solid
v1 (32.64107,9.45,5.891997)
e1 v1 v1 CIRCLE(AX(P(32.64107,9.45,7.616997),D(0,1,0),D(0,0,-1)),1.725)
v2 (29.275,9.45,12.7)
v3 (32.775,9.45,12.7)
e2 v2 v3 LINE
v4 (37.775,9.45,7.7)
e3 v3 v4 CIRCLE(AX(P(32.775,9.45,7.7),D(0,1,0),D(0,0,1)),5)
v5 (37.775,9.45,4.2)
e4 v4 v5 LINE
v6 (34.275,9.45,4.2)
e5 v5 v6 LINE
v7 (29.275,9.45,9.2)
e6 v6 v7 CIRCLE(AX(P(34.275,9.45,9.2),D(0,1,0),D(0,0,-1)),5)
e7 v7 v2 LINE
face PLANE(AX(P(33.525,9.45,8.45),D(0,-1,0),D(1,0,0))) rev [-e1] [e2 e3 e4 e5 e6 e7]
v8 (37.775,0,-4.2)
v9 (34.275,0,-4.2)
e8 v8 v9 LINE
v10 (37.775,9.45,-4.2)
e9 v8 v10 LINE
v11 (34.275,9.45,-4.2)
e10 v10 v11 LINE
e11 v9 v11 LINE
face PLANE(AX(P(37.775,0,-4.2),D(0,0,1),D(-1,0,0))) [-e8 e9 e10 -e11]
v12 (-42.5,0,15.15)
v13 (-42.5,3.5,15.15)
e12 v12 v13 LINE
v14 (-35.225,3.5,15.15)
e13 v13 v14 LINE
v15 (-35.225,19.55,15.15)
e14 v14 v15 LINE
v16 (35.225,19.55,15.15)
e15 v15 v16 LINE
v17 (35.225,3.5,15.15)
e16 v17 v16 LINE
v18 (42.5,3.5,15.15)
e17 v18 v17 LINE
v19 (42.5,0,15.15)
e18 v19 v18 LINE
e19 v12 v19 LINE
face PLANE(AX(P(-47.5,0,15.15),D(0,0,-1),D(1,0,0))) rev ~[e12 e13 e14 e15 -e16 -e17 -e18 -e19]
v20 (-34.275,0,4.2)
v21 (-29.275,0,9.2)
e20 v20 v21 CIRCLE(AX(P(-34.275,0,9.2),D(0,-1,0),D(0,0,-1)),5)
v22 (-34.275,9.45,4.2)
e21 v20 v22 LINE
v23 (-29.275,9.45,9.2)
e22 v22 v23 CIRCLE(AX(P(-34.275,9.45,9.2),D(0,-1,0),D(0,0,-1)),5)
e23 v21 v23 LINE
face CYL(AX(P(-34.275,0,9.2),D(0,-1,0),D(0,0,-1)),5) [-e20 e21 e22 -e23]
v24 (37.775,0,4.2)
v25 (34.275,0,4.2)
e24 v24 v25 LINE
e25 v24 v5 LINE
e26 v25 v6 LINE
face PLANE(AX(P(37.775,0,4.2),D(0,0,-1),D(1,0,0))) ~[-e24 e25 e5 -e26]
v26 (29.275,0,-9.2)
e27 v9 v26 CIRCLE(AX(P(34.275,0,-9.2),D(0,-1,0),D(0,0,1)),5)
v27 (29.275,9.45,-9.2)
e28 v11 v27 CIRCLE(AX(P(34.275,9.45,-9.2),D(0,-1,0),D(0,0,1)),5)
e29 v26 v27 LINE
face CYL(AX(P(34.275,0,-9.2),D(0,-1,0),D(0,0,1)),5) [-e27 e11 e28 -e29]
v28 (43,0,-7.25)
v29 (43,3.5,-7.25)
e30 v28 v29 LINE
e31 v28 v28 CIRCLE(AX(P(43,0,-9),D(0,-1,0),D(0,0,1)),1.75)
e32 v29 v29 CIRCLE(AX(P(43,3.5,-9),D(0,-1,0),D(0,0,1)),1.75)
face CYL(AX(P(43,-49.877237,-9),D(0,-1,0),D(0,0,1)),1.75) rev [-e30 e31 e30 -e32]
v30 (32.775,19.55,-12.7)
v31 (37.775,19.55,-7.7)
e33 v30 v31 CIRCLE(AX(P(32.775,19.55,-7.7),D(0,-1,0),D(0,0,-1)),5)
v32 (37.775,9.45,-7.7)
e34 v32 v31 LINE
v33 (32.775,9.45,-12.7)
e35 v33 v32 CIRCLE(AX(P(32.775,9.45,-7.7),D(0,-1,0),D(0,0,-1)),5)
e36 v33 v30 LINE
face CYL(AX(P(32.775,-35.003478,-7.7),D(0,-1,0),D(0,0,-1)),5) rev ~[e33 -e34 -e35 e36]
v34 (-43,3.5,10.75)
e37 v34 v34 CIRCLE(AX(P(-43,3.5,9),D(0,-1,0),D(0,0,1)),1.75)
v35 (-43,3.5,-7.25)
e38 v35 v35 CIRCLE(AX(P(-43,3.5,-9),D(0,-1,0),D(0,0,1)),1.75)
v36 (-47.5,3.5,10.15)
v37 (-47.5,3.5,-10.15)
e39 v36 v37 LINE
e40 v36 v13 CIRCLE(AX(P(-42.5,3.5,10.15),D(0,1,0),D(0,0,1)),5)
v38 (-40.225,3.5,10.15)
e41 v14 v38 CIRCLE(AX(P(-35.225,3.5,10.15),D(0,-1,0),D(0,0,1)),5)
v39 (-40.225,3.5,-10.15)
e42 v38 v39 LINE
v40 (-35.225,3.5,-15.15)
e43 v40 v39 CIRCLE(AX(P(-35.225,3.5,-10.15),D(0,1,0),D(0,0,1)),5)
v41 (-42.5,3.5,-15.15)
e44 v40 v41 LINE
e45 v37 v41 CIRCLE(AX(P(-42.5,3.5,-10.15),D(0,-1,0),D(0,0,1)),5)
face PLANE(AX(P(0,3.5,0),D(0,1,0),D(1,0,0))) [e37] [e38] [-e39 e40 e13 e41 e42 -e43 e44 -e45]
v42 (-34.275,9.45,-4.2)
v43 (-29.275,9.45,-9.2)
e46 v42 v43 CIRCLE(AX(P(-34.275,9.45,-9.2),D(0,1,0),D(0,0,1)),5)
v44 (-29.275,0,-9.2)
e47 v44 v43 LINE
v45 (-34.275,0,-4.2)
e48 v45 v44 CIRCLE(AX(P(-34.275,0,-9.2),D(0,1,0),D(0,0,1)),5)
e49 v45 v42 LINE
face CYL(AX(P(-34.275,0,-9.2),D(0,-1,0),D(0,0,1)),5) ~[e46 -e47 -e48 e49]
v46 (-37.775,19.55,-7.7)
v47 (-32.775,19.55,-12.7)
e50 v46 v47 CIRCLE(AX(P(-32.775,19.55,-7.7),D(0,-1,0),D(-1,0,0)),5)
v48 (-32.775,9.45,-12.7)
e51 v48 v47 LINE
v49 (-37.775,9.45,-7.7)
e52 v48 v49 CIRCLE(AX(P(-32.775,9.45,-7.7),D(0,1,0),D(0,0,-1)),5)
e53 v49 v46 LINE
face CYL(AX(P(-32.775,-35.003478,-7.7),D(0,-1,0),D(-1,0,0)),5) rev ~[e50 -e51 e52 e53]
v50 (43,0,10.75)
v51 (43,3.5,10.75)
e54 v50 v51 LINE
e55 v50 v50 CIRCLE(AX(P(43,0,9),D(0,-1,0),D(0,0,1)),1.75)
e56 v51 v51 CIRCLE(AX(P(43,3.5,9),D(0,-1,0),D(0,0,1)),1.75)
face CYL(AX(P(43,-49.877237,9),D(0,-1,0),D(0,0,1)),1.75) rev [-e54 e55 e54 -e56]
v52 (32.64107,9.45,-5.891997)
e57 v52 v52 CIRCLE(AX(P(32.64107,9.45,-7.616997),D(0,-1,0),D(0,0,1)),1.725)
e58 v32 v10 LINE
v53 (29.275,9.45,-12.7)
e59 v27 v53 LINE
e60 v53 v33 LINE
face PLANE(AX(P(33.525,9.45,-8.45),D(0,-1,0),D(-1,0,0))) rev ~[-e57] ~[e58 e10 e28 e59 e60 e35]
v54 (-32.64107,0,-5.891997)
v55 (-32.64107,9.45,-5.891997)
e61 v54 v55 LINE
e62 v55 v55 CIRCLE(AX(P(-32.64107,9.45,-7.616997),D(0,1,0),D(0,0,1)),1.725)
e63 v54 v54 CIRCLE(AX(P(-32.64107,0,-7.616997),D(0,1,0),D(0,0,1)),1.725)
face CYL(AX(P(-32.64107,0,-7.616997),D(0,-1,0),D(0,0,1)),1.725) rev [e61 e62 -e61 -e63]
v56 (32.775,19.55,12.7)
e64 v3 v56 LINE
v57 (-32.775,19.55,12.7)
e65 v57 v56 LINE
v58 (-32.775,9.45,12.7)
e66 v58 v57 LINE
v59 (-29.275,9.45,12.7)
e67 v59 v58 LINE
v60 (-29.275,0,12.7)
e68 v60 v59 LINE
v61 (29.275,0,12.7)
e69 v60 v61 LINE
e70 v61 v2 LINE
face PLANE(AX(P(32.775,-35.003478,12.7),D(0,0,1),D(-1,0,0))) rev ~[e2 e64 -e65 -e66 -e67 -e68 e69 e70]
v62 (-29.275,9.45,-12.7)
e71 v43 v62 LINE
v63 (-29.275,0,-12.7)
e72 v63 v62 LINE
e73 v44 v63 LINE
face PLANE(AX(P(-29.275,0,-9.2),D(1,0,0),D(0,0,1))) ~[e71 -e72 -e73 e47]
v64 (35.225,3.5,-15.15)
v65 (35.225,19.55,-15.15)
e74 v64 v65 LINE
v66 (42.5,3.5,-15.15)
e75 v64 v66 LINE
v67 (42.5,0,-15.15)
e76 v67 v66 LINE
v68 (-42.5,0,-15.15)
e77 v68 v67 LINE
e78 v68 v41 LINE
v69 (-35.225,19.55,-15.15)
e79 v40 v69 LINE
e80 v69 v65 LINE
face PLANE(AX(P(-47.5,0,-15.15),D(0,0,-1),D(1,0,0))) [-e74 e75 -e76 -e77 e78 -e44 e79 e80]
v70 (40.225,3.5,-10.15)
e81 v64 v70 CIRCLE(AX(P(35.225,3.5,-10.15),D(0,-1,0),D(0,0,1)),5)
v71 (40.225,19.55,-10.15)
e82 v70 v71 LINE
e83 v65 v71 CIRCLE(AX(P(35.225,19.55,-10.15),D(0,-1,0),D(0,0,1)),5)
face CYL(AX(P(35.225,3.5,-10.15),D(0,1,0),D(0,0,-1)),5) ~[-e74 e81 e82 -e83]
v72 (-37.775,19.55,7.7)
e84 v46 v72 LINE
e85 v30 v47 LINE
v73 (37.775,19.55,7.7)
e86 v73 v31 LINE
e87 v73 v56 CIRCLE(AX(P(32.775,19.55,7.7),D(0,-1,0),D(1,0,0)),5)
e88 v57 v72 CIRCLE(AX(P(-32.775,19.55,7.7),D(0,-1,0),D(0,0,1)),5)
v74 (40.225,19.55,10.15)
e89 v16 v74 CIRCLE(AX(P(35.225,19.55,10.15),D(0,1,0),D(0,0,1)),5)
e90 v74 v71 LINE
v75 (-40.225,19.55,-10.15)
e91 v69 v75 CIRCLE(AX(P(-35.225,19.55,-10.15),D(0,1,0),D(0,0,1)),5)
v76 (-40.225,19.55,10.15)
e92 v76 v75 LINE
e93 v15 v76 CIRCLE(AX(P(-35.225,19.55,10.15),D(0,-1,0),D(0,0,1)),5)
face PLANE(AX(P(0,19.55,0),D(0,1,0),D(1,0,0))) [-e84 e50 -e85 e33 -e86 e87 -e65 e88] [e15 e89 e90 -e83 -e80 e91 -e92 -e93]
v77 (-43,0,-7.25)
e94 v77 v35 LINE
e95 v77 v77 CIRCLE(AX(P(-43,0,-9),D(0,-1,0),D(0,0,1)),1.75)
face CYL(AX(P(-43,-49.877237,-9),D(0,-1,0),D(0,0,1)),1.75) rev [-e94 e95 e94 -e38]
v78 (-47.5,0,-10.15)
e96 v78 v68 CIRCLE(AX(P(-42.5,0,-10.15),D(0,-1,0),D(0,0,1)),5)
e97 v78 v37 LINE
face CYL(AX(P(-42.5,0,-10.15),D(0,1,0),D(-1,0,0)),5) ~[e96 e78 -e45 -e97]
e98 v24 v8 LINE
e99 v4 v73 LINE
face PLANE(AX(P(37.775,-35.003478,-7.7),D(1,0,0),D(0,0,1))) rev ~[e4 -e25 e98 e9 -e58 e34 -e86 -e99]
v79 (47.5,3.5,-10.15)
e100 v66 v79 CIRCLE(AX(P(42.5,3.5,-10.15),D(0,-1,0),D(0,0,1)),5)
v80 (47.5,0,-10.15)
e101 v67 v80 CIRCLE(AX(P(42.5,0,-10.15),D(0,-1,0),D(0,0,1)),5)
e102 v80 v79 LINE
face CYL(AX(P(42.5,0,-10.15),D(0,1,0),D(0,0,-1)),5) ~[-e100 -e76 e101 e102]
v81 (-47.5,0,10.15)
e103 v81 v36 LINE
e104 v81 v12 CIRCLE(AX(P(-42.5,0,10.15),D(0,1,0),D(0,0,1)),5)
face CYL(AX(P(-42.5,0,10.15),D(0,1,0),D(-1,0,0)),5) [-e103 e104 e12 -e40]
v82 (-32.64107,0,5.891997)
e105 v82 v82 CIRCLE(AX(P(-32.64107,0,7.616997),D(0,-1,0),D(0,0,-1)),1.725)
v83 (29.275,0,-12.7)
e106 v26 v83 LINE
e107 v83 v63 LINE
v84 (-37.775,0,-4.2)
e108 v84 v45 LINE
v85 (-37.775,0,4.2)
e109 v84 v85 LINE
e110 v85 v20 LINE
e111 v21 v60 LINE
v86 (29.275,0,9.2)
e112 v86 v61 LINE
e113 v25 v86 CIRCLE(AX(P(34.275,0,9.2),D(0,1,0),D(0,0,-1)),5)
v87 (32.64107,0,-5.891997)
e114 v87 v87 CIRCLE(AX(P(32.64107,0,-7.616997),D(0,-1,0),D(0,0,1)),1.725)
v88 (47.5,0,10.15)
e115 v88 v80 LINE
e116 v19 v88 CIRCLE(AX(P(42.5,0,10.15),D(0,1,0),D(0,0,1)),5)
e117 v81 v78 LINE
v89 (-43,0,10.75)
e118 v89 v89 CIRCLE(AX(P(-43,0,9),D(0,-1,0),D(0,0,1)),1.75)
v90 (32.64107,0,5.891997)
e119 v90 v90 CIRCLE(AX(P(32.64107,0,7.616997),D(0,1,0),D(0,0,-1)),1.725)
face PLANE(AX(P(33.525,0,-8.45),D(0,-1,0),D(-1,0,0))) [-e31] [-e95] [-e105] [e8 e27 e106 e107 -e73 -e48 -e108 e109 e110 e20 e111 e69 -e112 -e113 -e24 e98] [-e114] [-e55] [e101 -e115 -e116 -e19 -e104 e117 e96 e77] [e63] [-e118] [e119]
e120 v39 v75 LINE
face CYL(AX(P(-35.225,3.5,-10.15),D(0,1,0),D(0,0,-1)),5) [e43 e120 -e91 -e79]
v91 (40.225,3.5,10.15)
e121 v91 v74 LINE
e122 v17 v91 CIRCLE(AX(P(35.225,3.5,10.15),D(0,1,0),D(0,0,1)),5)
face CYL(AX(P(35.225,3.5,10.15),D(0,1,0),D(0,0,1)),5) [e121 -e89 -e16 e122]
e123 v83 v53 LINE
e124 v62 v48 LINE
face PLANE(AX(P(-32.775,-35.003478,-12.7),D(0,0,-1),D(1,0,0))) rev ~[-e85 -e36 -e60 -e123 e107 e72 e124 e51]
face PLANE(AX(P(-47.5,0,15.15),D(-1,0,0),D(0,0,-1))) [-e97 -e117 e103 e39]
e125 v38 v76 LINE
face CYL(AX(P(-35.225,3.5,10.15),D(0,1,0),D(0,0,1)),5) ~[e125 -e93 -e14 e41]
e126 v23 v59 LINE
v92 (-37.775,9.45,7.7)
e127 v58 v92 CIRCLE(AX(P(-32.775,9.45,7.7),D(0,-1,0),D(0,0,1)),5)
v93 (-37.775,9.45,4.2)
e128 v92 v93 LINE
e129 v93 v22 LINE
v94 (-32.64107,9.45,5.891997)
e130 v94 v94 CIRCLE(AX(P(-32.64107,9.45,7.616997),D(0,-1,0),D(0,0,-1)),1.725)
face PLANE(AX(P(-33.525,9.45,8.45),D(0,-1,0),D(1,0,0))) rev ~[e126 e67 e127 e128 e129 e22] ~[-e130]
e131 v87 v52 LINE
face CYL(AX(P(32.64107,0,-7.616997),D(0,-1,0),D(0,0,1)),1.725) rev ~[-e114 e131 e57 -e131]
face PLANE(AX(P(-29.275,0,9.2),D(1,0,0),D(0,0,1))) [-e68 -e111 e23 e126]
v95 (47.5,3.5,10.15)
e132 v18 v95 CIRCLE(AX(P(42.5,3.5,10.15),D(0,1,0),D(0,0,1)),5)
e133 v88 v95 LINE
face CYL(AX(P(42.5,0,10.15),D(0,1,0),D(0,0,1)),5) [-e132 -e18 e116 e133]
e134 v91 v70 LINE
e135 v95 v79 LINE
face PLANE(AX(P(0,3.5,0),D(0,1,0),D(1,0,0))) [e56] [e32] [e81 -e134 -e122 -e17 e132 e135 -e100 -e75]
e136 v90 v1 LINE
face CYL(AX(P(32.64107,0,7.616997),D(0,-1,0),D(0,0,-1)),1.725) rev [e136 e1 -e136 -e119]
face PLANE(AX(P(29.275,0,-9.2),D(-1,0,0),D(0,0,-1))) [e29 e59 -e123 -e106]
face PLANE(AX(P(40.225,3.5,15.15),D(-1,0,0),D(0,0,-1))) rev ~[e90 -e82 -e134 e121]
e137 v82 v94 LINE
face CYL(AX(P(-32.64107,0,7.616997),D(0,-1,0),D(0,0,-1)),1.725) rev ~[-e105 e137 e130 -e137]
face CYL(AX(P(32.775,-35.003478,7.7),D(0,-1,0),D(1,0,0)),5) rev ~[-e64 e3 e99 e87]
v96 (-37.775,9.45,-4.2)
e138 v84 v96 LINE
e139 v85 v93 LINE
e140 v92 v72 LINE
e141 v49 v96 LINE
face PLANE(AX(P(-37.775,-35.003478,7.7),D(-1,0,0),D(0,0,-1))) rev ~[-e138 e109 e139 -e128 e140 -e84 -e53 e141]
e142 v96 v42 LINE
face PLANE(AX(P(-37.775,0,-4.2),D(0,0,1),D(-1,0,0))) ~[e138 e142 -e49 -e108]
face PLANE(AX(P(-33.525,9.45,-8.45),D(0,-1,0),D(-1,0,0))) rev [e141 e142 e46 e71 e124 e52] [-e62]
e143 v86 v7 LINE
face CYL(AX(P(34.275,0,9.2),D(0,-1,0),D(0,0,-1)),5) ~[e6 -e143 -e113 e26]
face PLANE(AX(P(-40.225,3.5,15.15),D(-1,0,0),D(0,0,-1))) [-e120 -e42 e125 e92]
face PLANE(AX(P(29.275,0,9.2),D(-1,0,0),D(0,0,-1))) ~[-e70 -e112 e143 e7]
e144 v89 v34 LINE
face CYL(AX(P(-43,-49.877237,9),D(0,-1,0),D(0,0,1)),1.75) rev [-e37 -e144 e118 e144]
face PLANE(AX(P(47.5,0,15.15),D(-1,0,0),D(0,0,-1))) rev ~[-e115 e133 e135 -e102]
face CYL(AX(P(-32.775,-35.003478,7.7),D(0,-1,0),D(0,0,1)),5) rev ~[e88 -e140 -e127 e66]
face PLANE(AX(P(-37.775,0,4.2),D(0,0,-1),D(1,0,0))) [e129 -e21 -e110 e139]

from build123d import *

# Parameters (mm, degrees)
SKETCH_1_W               = 95
SKETCH_1_H               = 30.3
EXTRUDE_1_DEPTH          = 3.5
SKETCH_2_W               = 80.45
SKETCH_2_H               = 30.3
EXTRUDE_2_DEPTH          = 16.05
FILLET_1_R               = 5
CUT_EXTRUDE_1_DEPTH      = 54.553477945
CUT_EXTRUDE_1_DEPTH_BACK = 54.553477945
CUT_EXTRUDE_2_DEPTH      = 53.377237422
CUT_EXTRUDE_2_DEPTH_BACK = 53.377237422
SKETCH_4_R               = 1.75
SKETCH_5_R               = 1.725
EXTRUDE_3_DEPTH          = 9.45
MIRROR_2_COPY_1_SKETCH_R = 1.725
MIRROR_2_COPY_1_DEPTH    = 9.45


with BuildPart() as part:
    # Эскиз1 → Бобышка-Вытянуть1 (new body)
    with BuildSketch(Plane(origin=(0, 0, 0), x_dir=(1, 0, 0), z_dir=(0, 1, 0))):
        Rectangle(SKETCH_1_W, SKETCH_1_H)
    extrude(amount=EXTRUDE_1_DEPTH)

    # Эскиз2 → Бобышка-Вытянуть2 (add)
    with BuildSketch(Plane(origin=(0, 3.5, 0), x_dir=(1, 0, 0), z_dir=(0, 1, 0))):
        Rectangle(SKETCH_2_W, SKETCH_2_H)
    extrude(amount=EXTRUDE_2_DEPTH)

    # Скругление1
    fillet_1_edges = [part.edges().sort_by_distance(p)[0] for p in [
        (40.225, 11.525, 15.15),
        (40.225, 11.525, -15.15),
        (-40.225, 11.525, -15.15),
        (-40.225, 11.525, 15.15),
        (47.5, 1.75, 15.15),
        (-47.5, 1.75, 15.15),
        (-47.5, 1.75, -15.15),
        (47.5, 1.75, -15.15),
    ]]
    fillet(fillet_1_edges, radius=FILLET_1_R)

    # Эскиз3 → Вырез-Вытянуть1 (cut, two sides: drawn at the far end of the back side and taken through both)
    with BuildSketch(Plane(origin=(0, 19.55, 0), x_dir=(1, 0, 0), z_dir=(0, 1, 0)).offset(-CUT_EXTRUDE_1_DEPTH_BACK)):
        with BuildLine():
            Line((-32.775, 12.7), (32.775, 12.7))
            ThreePointArc((32.775, 12.7), (36.310533906, 11.235533906), (37.775, 7.7))
            Line((37.775, 7.7), (37.775, -7.7))
            ThreePointArc((37.775, -7.7), (36.310533906, -11.235533906), (32.775, -12.7))
            Line((32.775, -12.7), (-32.775, -12.7))
            ThreePointArc((-32.775, -12.7), (-36.310533906, -11.235533906), (-37.775, -7.7))
            Line((-37.775, -7.7), (-37.775, 7.7))
            ThreePointArc((-37.775, 7.7), (-36.310533906, 11.235533906), (-32.775, 12.7))
        make_face()
    extrude(amount=CUT_EXTRUDE_1_DEPTH + CUT_EXTRUDE_1_DEPTH_BACK, mode=Mode.SUBTRACT)

    # Эскиз4 → Вырез-Вытянуть2 (cut, two sides: drawn at the far end of the back side and taken through both)
    with BuildSketch(Plane(origin=(0, 3.5, 0), x_dir=(1, 0, 0), z_dir=(0, 1, 0)).offset(-CUT_EXTRUDE_2_DEPTH_BACK)):
        with Locations(Location((-43, 9, 0), (0, 0, 270))):
            Circle(SKETCH_4_R)
        with Locations(Location((43, 9, 0), (0, 0, 270))):
            Circle(SKETCH_4_R)
        with Locations(Location((-43, -9, 0), (0, 0, 270))):
            Circle(SKETCH_4_R)
        with Locations(Location((43, -9, 0), (0, 0, 270))):
            Circle(SKETCH_4_R)
    extrude(amount=CUT_EXTRUDE_2_DEPTH + CUT_EXTRUDE_2_DEPTH_BACK, mode=Mode.SUBTRACT)

    # Эскиз5 → Бобышка-Вытянуть3 (add)
    with BuildSketch(Plane.XZ):
        with BuildLine():
            Line((-37.775, 7.7), (-37.775, 4.2))
            Line((-37.775, 4.2), (-34.275, 4.2))
            ThreePointArc((-34.275, 4.2), (-30.739466094, 5.664466094), (-29.275, 9.2))
            Line((-29.275, 9.2), (-29.275, 12.7))
            Line((-29.275, 12.7), (-32.775, 12.7))
            ThreePointArc((-32.775, 12.7), (-36.310533906, 11.235533906), (-37.775, 7.7))
        make_face()
        with Locations(Location((-32.641070297, 7.616996928, 0), (0, 0, 270))):
            Circle(SKETCH_5_R, mode=Mode.SUBTRACT)
    extrude_3 = extrude(amount=-EXTRUDE_3_DEPTH)

    # Зеркальное отражение1: Бобышка-Вытянуть3 across plane
    add(extrude_3.mirror(Plane.XY))

    # Зеркальное отражение2: Бобышка-Вытянуть3 across plane
    add(extrude_3.mirror(Plane(origin=(0, 0, 0), x_dir=(0, 0, 1), z_dir=(1, 0, 0))))

    # Зеркальное отражение2 copy 1 sketch → Зеркальное отражение2 copy 1 (add)
    with BuildSketch(Plane(origin=(0, 0, 0), x_dir=(-1, 0, 0), z_dir=(0, -1, 0))):
        with BuildLine():
            Line((-37.775, 7.7), (-37.775, 4.2))
            Line((-37.775, 4.2), (-34.275, 4.2))
            ThreePointArc((-34.275, 4.2), (-30.739466094, 5.664466094), (-29.275, 9.2))
            Line((-29.275, 9.2), (-29.275, 12.7))
            Line((-29.275, 12.7), (-32.775, 12.7))
            ThreePointArc((-32.775, 12.7), (-36.310533906, 11.235533906), (-37.775, 7.7))
        make_face()
        with Locations(Location((-32.641070297, 7.616996928, 0), (0, 0, 270))):
            Circle(MIRROR_2_COPY_1_SKETCH_R, mode=Mode.SUBTRACT)
    extrude(amount=-MIRROR_2_COPY_1_DEPTH)


solid = part.part
